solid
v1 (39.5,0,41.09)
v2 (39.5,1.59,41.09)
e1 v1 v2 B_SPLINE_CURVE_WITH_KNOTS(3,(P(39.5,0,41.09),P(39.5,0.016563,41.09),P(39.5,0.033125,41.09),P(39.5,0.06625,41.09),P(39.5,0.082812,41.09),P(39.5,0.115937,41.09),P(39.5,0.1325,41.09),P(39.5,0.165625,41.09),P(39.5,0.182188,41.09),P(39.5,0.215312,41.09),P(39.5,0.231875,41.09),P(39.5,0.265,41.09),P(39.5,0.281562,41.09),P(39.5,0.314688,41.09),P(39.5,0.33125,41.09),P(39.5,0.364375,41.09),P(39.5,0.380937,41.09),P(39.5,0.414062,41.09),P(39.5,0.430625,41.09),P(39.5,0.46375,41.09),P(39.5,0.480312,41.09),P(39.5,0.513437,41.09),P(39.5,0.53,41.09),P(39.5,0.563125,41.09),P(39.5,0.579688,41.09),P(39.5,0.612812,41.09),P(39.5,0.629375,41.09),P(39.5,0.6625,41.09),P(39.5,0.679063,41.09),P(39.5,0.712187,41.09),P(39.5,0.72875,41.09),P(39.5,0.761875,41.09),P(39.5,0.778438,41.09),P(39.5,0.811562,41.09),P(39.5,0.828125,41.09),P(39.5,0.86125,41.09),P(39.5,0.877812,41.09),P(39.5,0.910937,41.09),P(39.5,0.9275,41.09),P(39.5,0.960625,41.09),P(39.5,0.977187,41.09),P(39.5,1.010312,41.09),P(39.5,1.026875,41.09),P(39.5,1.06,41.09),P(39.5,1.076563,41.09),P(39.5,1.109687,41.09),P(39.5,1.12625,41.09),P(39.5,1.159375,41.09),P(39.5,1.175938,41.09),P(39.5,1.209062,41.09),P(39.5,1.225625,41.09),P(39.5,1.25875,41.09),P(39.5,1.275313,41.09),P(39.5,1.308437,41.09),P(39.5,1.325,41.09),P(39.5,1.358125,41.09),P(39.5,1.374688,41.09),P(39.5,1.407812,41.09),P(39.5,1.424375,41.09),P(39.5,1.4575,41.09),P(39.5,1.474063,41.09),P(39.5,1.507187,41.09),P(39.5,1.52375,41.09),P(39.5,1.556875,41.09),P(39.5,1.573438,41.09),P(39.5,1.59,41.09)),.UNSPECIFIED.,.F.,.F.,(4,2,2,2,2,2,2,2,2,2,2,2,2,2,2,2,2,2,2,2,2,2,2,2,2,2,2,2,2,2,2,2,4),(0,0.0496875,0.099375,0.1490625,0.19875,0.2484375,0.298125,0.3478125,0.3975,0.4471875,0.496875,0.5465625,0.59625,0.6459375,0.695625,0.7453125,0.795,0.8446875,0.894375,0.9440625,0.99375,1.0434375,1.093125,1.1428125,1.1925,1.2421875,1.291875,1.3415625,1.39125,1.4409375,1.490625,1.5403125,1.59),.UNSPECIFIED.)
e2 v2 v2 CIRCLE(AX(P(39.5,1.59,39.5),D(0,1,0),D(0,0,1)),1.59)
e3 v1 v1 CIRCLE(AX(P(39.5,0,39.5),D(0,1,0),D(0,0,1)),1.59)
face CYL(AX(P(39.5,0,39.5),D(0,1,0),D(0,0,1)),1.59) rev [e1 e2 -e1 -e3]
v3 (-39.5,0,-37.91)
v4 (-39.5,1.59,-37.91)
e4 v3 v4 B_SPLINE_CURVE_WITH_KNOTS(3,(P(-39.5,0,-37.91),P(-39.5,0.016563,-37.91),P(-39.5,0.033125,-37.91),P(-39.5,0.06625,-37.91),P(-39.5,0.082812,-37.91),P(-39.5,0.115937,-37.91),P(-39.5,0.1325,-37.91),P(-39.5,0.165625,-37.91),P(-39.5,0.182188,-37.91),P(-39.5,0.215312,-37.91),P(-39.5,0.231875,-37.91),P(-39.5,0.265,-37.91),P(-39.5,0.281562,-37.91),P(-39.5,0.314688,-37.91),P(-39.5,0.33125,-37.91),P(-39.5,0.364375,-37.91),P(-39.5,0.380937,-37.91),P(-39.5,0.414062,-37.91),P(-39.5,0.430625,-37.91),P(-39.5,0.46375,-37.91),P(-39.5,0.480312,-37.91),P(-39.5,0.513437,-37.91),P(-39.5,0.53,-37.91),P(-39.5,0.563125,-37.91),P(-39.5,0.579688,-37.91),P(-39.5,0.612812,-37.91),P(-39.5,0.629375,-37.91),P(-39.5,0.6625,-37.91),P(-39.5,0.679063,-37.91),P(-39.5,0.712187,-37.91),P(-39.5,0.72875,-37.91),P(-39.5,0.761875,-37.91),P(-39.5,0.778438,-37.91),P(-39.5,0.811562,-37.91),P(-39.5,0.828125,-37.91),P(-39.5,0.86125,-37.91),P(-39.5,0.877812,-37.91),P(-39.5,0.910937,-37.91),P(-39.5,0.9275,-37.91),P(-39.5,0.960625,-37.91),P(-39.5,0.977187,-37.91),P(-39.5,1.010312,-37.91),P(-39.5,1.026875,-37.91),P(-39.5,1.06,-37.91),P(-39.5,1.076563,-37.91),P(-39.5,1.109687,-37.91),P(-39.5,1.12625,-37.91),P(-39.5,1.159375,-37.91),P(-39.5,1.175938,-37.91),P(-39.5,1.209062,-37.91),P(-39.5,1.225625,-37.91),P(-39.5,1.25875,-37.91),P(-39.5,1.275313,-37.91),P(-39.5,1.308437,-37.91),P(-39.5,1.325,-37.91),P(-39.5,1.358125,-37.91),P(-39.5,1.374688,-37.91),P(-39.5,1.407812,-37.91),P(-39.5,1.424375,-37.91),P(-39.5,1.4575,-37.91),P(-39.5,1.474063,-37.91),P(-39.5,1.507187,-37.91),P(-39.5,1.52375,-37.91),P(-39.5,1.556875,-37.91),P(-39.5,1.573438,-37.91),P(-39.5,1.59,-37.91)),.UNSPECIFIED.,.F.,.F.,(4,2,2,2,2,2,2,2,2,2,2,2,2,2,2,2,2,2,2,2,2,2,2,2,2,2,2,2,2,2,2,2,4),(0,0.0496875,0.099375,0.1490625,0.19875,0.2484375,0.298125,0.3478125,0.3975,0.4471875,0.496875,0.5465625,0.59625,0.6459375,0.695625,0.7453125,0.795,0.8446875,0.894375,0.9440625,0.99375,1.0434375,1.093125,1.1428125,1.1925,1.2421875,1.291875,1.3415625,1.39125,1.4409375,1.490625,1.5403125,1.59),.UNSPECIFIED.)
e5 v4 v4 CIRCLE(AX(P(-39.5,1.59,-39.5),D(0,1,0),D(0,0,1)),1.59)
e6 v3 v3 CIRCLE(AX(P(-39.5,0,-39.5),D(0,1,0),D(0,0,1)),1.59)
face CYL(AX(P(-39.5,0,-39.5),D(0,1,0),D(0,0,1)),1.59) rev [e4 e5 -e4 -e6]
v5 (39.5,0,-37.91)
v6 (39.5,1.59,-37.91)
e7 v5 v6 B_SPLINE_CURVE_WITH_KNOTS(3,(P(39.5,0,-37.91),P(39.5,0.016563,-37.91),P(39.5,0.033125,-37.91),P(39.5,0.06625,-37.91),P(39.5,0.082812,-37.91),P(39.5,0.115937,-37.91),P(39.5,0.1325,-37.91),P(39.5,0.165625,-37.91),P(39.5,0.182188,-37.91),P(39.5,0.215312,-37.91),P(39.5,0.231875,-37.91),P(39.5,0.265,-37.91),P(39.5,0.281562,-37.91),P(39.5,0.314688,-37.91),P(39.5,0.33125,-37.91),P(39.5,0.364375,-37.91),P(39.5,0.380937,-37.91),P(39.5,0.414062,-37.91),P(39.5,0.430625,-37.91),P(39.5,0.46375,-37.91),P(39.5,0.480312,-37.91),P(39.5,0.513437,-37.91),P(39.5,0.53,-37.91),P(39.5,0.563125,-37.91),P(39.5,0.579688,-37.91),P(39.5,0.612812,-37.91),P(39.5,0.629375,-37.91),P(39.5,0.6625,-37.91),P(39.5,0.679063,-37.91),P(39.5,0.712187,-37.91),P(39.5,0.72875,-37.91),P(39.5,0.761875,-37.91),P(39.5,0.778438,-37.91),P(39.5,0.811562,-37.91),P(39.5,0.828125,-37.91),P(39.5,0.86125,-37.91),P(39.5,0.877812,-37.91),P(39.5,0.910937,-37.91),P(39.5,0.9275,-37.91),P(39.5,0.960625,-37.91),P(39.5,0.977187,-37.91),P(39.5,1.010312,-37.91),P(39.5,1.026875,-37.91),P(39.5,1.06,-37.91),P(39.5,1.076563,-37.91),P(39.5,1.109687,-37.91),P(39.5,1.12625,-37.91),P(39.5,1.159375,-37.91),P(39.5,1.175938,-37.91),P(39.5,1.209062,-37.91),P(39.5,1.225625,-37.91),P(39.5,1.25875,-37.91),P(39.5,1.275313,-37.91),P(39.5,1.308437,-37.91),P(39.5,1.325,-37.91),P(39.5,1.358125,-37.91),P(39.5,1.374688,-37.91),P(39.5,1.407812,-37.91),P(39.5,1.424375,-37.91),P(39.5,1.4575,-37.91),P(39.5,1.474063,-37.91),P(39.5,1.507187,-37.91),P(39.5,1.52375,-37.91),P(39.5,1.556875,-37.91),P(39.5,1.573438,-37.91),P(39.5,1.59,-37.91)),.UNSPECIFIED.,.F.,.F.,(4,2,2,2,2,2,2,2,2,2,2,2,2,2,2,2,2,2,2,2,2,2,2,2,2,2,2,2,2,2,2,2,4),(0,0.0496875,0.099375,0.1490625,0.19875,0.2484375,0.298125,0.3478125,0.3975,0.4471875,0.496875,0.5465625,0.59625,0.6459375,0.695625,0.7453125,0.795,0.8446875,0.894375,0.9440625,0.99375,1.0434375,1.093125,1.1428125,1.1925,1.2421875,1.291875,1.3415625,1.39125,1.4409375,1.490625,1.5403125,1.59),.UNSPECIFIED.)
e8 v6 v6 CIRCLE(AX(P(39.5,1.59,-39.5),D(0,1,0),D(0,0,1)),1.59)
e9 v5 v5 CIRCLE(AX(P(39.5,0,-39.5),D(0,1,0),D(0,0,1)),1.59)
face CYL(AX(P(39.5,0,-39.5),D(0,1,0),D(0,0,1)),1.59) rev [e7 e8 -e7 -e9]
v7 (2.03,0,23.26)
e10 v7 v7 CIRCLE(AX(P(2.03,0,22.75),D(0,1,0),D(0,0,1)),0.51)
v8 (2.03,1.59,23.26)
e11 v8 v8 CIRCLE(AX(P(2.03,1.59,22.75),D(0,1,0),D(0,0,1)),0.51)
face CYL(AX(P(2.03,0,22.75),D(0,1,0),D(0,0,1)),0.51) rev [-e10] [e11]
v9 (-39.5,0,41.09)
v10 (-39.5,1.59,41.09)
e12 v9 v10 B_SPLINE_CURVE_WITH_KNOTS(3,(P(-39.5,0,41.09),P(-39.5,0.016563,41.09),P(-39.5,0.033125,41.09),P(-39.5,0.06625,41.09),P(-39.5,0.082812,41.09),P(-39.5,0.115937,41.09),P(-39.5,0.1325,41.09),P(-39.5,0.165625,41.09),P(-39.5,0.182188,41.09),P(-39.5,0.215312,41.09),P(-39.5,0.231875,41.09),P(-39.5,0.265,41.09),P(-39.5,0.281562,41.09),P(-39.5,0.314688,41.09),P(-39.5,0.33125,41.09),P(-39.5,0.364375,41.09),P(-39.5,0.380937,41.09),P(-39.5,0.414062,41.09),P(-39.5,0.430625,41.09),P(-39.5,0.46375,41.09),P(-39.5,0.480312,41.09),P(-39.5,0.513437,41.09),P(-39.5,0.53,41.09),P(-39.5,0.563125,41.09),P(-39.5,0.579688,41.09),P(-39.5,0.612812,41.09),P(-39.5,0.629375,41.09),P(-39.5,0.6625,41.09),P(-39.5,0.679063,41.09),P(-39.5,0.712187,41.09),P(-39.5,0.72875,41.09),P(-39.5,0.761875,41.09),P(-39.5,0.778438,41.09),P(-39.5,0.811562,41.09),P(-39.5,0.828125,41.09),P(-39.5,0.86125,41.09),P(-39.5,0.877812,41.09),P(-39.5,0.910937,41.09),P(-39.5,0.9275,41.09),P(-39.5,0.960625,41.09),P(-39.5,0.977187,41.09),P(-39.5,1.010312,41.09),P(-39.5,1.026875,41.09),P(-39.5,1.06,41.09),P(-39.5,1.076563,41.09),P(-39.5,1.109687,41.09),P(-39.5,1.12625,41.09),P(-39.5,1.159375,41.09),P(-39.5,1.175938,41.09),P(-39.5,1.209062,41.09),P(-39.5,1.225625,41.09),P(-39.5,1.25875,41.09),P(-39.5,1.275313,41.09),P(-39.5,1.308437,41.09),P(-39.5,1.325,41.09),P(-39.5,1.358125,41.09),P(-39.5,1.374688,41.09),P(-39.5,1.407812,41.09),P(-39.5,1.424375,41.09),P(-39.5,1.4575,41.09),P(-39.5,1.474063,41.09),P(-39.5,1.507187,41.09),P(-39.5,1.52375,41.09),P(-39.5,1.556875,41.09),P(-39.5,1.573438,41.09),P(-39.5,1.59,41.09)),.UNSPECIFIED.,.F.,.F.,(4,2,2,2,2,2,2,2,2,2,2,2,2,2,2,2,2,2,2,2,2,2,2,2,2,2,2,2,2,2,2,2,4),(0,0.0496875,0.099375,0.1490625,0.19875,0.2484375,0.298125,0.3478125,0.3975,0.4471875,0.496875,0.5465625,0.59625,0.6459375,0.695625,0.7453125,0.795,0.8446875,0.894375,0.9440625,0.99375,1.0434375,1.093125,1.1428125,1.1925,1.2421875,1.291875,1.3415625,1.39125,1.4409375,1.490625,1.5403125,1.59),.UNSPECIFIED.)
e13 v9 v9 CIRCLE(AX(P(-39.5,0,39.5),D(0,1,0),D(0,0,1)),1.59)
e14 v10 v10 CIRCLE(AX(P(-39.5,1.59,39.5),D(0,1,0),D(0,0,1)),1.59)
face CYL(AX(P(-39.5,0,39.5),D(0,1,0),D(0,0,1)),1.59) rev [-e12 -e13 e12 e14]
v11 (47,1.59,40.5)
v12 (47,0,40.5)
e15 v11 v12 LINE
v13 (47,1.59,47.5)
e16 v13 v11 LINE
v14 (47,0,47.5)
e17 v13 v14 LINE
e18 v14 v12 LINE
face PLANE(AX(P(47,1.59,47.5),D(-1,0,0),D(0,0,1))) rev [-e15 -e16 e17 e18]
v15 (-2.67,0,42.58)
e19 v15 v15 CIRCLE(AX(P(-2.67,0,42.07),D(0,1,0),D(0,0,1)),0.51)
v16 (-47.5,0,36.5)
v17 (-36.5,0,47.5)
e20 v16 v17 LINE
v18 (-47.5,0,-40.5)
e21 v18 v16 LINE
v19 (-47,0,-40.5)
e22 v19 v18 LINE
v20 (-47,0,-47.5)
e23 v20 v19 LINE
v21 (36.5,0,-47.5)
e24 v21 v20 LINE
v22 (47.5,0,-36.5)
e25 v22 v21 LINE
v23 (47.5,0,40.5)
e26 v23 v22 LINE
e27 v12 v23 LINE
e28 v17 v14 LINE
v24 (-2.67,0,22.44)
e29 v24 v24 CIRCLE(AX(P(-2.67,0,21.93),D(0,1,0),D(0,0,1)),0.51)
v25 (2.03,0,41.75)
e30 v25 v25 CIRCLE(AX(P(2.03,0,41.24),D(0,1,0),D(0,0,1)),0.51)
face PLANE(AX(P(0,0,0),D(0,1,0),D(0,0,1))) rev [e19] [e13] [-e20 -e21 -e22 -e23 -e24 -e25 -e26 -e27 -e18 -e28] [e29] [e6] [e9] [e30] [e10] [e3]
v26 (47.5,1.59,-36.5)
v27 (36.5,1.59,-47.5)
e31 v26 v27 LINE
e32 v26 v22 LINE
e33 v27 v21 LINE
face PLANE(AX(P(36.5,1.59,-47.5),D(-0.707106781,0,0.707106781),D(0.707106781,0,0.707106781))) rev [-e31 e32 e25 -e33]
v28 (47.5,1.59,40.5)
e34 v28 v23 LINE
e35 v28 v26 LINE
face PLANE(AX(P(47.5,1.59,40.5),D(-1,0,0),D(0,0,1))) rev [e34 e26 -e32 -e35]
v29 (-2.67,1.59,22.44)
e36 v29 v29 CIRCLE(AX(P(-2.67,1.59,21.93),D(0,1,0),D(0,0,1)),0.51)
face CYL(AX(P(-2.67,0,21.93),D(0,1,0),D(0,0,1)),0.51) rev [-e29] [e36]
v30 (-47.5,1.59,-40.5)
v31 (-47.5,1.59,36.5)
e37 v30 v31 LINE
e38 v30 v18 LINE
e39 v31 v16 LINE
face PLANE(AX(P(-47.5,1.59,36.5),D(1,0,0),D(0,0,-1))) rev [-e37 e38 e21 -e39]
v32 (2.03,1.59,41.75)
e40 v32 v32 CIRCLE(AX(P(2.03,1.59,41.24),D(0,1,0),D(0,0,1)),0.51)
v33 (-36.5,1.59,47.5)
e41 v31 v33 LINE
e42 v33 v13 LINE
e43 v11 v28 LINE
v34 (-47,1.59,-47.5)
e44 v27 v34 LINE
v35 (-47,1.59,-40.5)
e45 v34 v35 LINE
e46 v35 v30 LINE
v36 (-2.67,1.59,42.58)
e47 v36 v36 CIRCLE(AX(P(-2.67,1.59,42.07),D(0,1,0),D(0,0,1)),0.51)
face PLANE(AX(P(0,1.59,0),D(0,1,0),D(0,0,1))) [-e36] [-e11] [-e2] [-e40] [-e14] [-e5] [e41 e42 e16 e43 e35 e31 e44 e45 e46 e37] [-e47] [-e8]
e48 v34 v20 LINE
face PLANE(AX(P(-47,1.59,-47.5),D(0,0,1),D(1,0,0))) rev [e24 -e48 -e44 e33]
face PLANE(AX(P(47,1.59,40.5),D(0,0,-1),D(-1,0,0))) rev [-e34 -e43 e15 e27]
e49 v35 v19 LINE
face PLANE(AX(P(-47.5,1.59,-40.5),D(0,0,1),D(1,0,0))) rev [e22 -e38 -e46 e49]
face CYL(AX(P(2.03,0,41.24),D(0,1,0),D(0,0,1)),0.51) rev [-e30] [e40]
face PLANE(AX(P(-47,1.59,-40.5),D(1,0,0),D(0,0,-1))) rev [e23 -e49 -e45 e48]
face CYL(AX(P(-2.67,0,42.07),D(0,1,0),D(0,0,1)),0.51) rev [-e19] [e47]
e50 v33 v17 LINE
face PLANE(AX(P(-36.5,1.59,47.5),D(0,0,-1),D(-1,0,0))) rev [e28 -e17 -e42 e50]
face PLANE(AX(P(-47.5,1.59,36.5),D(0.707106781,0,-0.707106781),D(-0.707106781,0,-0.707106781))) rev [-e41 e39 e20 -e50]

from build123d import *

# Parameters (mm, degrees)
BOSS_EXTRUDE1_DEPTH = 1.59
SKETCH2_R           = 1.59
SKETCH2_R_2         = 0.51
CUT_EXTRUDE1_DEPTH  = 68.193958806


with BuildPart() as part:
    # Sketch1 → Boss-Extrude1 (new body)
    with BuildSketch(Plane(origin=(0, 0, 0), x_dir=(1, 0, 0), z_dir=(0, 1, 0))):
        Polygon((-47.5, -36.5), (-36.5, -47.5), (47, -47.5), (47, -40.5), (47.5, -40.5), (47.5, 36.5), (36.5, 47.5), (-47, 47.5), (-47, 40.5), (-47.5, 40.5), align=None)
    extrude(amount=BOSS_EXTRUDE1_DEPTH)

    # Sketch2 → Cut-Extrude1 (cut, through all)
    with BuildSketch(Plane(origin=(0, 1.59, 0), x_dir=(1, 0, 0), z_dir=(0, 1, 0))):
        with Locations(Location((-39.5, -39.5, 0), (0, 0, 270))):
            Circle(SKETCH2_R)
        with Locations(Location((-39.5, 39.5, 0), (0, 0, 270))):
            Circle(SKETCH2_R)
        with Locations(Location((39.5, 39.5, 0), (0, 0, 270))):
            Circle(SKETCH2_R)
        with Locations(Location((39.5, -39.5, 0), (0, 0, 270))):
            Circle(SKETCH2_R)
        with Locations(Location((-2.67, -21.93, 0), (0, 0, 270))):
            Circle(SKETCH2_R_2)
        with Locations(Location((2.03, -22.75, 0), (0, 0, 270))):
            Circle(SKETCH2_R_2)
        with Locations(Location((-2.67, -42.07, 0), (0, 0, 270))):
            Circle(SKETCH2_R_2)
        with Locations(Location((2.03, -41.24, 0), (0, 0, 270))):
            Circle(SKETCH2_R_2)
    extrude(amount=-CUT_EXTRUDE1_DEPTH, mode=Mode.SUBTRACT)


solid = part.part
